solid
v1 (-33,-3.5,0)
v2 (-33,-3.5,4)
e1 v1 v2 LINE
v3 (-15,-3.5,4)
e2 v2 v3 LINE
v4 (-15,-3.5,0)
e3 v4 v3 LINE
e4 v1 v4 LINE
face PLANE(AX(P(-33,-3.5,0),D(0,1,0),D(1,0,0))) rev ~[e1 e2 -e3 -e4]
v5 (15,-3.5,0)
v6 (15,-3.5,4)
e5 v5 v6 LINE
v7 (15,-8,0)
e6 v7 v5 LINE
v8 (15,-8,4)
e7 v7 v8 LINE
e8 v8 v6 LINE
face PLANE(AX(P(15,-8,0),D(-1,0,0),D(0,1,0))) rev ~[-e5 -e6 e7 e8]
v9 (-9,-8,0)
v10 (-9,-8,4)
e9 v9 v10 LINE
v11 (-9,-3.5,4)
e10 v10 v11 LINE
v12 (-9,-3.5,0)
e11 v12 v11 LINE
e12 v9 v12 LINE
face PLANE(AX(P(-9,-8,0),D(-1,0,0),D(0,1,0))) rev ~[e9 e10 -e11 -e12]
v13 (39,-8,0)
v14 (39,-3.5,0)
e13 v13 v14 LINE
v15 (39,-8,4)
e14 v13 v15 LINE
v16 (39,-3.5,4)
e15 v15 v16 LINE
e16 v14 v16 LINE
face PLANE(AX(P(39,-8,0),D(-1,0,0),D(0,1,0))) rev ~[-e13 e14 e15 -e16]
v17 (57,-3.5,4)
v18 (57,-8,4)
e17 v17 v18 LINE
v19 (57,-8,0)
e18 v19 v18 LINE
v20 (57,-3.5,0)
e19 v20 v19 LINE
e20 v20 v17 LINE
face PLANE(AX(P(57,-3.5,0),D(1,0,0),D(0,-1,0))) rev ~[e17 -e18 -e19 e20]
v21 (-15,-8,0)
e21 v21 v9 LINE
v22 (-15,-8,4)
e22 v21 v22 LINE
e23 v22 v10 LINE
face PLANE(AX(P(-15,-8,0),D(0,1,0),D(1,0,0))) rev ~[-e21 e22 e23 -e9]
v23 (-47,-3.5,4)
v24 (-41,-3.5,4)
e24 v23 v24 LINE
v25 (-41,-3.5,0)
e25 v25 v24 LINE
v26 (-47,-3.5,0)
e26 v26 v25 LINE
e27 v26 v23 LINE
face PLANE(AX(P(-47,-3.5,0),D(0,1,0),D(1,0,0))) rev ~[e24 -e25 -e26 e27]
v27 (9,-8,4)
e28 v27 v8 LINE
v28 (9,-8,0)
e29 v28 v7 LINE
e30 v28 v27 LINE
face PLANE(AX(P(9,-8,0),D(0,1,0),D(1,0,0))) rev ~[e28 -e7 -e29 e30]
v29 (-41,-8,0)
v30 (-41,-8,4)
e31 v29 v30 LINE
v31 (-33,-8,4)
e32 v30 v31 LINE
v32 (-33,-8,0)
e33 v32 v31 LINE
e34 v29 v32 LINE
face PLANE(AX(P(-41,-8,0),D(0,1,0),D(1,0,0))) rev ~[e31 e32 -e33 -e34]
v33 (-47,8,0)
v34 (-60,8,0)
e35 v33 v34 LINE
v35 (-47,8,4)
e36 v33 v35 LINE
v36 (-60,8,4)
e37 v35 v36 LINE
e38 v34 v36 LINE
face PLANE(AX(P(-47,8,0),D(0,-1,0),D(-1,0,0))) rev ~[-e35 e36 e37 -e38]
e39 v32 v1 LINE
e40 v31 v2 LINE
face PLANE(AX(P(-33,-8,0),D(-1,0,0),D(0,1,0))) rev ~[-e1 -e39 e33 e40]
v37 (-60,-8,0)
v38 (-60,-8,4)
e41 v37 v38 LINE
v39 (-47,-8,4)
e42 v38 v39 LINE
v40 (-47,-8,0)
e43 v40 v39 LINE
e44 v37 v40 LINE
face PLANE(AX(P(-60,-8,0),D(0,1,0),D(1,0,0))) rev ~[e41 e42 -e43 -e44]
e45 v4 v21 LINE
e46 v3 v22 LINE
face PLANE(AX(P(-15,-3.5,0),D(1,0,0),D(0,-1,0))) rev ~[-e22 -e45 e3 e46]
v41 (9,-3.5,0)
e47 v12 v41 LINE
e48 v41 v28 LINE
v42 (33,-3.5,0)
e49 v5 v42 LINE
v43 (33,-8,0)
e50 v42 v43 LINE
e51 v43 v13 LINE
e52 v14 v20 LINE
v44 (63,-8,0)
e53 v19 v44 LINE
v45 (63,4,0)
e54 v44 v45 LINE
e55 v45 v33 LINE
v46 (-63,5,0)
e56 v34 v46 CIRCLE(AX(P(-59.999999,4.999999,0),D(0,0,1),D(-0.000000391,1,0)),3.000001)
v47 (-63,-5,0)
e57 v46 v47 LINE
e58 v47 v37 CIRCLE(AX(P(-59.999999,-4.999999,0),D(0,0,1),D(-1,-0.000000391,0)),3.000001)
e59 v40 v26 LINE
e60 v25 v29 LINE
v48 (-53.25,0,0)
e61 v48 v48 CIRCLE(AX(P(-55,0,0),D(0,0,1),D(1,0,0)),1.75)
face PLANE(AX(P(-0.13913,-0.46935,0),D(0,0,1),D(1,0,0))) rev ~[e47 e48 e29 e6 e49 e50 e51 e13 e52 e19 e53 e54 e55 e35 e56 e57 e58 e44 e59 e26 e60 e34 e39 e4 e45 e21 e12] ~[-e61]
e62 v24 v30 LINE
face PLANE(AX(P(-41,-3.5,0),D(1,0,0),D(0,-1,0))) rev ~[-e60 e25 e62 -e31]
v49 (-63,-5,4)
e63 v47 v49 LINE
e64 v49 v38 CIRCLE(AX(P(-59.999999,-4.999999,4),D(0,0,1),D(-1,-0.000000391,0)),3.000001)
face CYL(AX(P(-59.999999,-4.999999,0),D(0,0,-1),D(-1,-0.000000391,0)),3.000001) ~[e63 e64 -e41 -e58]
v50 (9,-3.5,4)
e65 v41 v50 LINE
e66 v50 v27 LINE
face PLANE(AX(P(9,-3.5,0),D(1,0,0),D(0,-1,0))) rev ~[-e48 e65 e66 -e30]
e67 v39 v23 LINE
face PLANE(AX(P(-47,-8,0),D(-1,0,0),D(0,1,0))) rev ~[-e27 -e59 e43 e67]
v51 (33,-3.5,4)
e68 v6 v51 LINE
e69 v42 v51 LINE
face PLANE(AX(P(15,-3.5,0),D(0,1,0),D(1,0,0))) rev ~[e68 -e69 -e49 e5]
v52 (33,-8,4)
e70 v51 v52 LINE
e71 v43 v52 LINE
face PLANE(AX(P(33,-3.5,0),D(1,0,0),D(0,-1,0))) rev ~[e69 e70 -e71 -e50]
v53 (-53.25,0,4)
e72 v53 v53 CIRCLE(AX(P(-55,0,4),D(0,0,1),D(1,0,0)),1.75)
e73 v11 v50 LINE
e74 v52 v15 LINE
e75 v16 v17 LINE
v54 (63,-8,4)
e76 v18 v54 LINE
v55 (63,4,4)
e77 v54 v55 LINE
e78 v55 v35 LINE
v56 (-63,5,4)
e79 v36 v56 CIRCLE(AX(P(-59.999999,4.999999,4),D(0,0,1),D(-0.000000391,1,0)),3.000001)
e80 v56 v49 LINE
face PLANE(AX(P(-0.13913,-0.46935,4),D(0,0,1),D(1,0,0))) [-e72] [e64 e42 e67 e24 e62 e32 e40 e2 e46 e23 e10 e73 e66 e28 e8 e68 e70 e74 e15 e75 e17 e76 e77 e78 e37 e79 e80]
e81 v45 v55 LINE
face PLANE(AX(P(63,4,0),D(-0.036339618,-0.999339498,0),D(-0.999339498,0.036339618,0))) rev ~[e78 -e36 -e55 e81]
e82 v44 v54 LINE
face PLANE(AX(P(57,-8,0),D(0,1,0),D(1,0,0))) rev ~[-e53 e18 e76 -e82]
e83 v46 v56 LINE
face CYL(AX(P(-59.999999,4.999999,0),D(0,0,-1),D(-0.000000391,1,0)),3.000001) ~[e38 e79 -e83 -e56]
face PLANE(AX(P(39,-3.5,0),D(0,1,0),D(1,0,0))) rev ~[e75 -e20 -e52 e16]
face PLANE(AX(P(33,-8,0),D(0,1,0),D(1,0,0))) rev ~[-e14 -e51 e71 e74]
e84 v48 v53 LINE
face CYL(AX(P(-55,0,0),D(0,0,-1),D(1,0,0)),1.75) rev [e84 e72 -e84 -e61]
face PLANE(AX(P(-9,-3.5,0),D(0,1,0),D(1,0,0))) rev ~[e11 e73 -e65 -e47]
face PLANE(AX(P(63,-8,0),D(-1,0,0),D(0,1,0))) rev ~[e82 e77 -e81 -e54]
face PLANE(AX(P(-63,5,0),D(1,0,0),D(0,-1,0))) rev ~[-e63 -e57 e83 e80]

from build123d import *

# Parameters (mm, degrees)
F0_R     = 1.75
F1_DEPTH = 4


with BuildPart() as f1:
    # F0 (on Top) → F1 (new body)
    with BuildSketch(Plane.XY):
        with BuildLine():
            Line((-15, -8), (-9, -8))
            Line((-9, -8), (-9, -3.5))
            Line((-9, -3.5), (9, -3.5))
            Line((9, -3.5), (9, -8))
            Line((9, -8), (15, -8))
            Line((15, -8), (15, -3.5))
            Line((15, -3.5), (33, -3.5))
            Line((33, -3.5), (33, -8))
            Line((33, -8), (39, -8))
            Line((39, -8), (39, -3.5))
            Line((39, -3.5), (57, -3.5))
            Line((57, -3.5), (57, -8))
            Line((57, -8), (63, -8))
            Line((63, -8), (63, 4))
            Line((63, 4), (-47, 8))
            Line((-47, 8), (-60, 8))
            ThreePointArc((-60, 8), (-62.12132, 7.12132), (-63, 5))
            Line((-63, 5), (-63, -5))
            ThreePointArc((-63, -5), (-62.12132, -7.12132), (-60, -8))
            Line((-60, -8), (-47, -8))
            Line((-47, -8), (-47, -3.5))
            Line((-47, -3.5), (-41, -3.5))
            Line((-41, -3.5), (-41, -8))
            Line((-41, -8), (-33, -8))
            Line((-33, -8), (-33, -3.5))
            Line((-33, -3.5), (-15, -3.5))
            Line((-15, -3.5), (-15, -8))
        make_face()
        with Locations((-55, 0)):
            Circle(F0_R, mode=Mode.SUBTRACT)
    extrude(amount=F1_DEPTH)


solid = f1.part
